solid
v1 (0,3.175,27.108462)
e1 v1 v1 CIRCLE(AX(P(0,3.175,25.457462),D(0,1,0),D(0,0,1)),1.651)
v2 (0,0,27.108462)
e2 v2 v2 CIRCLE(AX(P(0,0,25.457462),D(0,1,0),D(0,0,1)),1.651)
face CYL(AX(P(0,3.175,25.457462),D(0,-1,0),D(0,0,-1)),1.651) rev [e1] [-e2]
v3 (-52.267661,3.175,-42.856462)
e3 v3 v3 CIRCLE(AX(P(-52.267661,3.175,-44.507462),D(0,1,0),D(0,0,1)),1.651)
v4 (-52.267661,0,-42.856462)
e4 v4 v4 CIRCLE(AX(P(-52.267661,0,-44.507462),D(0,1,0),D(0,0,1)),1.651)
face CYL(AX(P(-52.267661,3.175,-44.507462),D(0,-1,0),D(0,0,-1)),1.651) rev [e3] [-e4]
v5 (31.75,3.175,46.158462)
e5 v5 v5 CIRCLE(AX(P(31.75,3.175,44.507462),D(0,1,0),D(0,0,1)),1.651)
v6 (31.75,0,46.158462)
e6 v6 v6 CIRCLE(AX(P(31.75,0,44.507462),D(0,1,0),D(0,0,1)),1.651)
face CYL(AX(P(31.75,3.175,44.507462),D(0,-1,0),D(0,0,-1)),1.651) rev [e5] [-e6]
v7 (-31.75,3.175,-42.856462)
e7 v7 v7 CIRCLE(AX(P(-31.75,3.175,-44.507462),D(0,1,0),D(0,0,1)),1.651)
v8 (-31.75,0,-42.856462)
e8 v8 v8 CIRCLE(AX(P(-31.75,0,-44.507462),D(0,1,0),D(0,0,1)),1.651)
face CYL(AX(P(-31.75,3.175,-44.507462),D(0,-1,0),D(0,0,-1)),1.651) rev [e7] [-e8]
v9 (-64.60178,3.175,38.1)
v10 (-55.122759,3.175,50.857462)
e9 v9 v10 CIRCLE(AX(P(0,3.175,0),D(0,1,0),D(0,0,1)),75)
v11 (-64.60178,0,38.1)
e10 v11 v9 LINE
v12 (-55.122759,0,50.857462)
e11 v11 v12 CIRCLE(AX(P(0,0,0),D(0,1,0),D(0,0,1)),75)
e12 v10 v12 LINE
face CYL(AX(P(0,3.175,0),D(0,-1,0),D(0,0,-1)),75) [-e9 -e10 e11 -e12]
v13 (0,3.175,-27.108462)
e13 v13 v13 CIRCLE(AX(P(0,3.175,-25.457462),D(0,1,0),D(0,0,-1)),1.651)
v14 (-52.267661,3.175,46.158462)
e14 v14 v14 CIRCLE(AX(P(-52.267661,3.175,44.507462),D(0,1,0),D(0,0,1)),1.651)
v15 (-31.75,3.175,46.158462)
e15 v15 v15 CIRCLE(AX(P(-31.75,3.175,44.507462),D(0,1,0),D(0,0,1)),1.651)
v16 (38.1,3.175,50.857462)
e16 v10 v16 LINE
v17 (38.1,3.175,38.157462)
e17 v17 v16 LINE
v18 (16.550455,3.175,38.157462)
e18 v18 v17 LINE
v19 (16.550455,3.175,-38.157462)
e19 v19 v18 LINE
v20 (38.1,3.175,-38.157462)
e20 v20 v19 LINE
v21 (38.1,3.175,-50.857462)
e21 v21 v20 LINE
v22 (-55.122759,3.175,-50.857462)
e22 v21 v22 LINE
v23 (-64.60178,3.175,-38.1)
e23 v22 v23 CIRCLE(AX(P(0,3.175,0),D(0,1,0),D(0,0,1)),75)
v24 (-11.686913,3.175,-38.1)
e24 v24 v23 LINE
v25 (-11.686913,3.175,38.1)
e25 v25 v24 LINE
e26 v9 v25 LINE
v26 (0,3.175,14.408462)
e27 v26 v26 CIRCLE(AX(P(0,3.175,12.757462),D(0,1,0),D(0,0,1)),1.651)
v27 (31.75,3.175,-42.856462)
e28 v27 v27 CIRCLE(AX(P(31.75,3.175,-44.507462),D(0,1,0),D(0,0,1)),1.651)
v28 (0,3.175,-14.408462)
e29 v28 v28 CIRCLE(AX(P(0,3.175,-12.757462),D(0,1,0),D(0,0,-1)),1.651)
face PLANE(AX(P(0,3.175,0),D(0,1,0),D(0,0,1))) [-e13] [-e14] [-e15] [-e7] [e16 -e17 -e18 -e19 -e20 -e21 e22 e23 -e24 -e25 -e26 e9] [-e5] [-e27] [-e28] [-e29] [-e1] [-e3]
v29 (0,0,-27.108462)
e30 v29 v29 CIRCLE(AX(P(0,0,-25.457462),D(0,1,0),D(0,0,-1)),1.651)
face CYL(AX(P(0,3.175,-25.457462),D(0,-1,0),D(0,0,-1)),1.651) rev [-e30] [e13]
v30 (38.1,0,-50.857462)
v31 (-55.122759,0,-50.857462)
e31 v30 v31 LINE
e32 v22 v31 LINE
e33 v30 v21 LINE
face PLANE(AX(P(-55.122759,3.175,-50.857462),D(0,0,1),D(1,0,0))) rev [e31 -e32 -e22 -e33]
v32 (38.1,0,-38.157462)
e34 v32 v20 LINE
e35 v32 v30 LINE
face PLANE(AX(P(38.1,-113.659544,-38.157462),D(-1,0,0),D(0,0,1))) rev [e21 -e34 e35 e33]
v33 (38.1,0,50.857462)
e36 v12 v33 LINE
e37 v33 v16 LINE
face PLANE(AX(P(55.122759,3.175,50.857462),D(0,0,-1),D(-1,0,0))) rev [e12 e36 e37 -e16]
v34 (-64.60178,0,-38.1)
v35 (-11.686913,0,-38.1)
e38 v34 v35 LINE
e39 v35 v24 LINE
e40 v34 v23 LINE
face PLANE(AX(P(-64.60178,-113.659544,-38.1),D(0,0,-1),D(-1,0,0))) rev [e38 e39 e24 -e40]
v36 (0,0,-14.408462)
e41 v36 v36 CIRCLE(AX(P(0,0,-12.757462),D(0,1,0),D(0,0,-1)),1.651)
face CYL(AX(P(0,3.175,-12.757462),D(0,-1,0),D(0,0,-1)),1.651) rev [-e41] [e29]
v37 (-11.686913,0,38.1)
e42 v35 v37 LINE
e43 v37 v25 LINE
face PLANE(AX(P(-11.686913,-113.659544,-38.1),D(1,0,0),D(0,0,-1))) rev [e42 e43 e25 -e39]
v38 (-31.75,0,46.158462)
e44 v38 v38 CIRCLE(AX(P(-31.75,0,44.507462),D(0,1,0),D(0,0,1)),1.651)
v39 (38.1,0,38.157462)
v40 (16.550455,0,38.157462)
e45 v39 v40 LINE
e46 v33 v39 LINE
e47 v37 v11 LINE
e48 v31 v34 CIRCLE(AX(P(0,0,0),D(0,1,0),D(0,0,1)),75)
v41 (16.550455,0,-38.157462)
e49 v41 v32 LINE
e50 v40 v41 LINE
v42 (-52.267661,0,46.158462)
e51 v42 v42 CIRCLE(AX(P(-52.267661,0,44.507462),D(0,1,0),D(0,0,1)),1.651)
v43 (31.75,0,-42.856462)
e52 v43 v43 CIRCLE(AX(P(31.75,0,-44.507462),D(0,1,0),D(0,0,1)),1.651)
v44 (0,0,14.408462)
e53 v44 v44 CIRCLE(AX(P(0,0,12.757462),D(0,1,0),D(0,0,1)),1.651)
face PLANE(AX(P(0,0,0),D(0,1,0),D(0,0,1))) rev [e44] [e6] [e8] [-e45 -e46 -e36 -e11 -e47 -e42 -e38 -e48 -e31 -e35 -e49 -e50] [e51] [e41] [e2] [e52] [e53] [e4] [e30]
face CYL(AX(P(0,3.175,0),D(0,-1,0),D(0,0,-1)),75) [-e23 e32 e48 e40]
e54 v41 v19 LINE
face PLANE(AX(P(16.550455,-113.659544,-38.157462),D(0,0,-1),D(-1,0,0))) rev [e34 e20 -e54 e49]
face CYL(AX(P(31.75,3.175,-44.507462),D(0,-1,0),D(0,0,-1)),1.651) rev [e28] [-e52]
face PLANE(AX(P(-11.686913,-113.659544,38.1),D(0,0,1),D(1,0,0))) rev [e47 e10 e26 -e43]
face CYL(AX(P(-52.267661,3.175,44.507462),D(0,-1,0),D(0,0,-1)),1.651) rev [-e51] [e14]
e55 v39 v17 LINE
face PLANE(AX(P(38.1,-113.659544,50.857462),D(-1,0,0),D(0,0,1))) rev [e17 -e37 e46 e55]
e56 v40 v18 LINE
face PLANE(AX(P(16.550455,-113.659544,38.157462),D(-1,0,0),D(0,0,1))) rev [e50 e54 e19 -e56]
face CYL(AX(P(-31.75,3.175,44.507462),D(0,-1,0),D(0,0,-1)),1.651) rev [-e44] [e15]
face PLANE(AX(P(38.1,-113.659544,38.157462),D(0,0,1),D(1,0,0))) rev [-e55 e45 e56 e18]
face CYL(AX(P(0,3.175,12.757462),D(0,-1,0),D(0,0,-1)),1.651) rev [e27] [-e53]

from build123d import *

# Parameters (mm, degrees)
SKETCH1_R           = 1.651
BOSS_EXTRUDE1_DEPTH = 3.175
CUT_EXTRUDE1_START  = -3.175
CUT_EXTRUDE1_DEPTH  = 3.175


with BuildPart() as part:
    # Sketch1 → Boss-Extrude1 (new body)
    with BuildSketch(Plane(origin=(0, 0, 0), x_dir=(1, 0, 0), z_dir=(0, 1, 0))):
        with BuildLine():
            Line((-73.916912814, 12.7), (-73.916912814, -12.7))
            ThreePointArc((-73.916912814, -12.7), (-67.281551776, -33.138991997), (-55.122759171, -50.857461806))
            Line((-55.122759171, -50.857461806), (55.122759171, -50.857461806))
            ThreePointArc((55.122759171, -50.857461806), (61.833234068, -42.445861574), (67.270928268, -33.160552015))
            ThreePointArc((67.270928268, -33.160552015), (47.932265908, 0), (67.270928268, 33.160552015))
            ThreePointArc((67.270928268, 33.160552015), (61.833234068, 42.445861574), (55.122759171, 50.857461806))
            Line((55.122759171, 50.857461806), (-55.122759171, 50.857461806))
            ThreePointArc((-55.122759171, 50.857461806), (-67.281551776, 33.138991997), (-73.916912814, 12.7))
        make_face()
        with Locations(Location((0, -12.757461806, 0), (0, 0, 270))):
            Circle(SKETCH1_R, mode=Mode.SUBTRACT)
        with Locations(Location((0, -25.457461806, 0), (0, 0, 270))):
            Circle(SKETCH1_R, mode=Mode.SUBTRACT)
        with Locations(Location((31.75, -44.507461806, 0), (0, 0, 270))):
            Circle(SKETCH1_R, mode=Mode.SUBTRACT)
        with Locations(Location((-31.75, -44.507461806, 0), (0, 0, 270))):
            Circle(SKETCH1_R, mode=Mode.SUBTRACT)
        with Locations(Location((-52.26766059, 44.507461806, 0), (0, 0, 270))):
            Circle(SKETCH1_R, mode=Mode.SUBTRACT)
        with Locations(Location((-52.26766059, -44.507461806, 0), (0, 0, 270))):
            Circle(SKETCH1_R, mode=Mode.SUBTRACT)
        with Locations(Location((-31.75, 44.507461806, 0), (0, 0, 270))):
            Circle(SKETCH1_R, mode=Mode.SUBTRACT)
        with Locations(Location((31.75, 44.507461806, 0), (0, 0, 270))):
            Circle(SKETCH1_R, mode=Mode.SUBTRACT)
        with Locations(Location((0, 25.457461806, 0), (0, 0, 90))):
            Circle(SKETCH1_R, mode=Mode.SUBTRACT)
        with Locations(Location((0, 12.757461806, 0), (0, 0, 90))):
            Circle(SKETCH1_R, mode=Mode.SUBTRACT)
    extrude(amount=BOSS_EXTRUDE1_DEPTH)

    # Sketch2 → Cut-Extrude1 (cut)
    with BuildSketch(Plane(origin=(0, 3.175, 0), x_dir=(1, 0, 0), z_dir=(0, 1, 0)).offset(CUT_EXTRUDE1_START)):
        with BuildLine():
            Line((38.1, -50.857461806), (38.1, -38.157461806))
            Line((38.1, -38.157461806), (16.550455454, -38.157461806))
            Line((16.550455454, -38.157461806), (16.550455454, 38.157461806))
            Line((16.550455454, 38.157461806), (38.1, 38.157461806))
            Line((38.1, 38.157461806), (38.1, 50.857461806))
            Line((38.1, 50.857461806), (55.122759171, 50.857461806))
            ThreePointArc((55.122759171, 50.857461806), (61.833234068, 42.445861574), (67.270928268, 33.160552015))
            ThreePointArc((67.270928268, 33.160552015), (47.932265908, 0), (67.270928268, -33.160552015))
            ThreePointArc((67.270928268, -33.160552015), (61.833234068, -42.445861574), (55.122759171, -50.857461806))
            Line((55.122759171, -50.857461806), (38.1, -50.857461806))
        make_face()
        with BuildLine():
            Line((-64.601780161, 38.1), (-11.686912814, 38.1))
            Line((-11.686912814, 38.1), (-11.686912814, -38.1))
            Line((-11.686912814, -38.1), (-64.601780161, -38.1))
            ThreePointArc((-64.601780161, -38.1), (-70.414111341, -25.823495582), (-73.916912814, -12.7))
            Line((-73.916912814, -12.7), (-73.916912814, 12.7))
            ThreePointArc((-73.916912814, 12.7), (-70.414111341, 25.823495582), (-64.601780161, 38.1))
        make_face()
    extrude(amount=CUT_EXTRUDE1_DEPTH, mode=Mode.SUBTRACT)


solid = part.part
